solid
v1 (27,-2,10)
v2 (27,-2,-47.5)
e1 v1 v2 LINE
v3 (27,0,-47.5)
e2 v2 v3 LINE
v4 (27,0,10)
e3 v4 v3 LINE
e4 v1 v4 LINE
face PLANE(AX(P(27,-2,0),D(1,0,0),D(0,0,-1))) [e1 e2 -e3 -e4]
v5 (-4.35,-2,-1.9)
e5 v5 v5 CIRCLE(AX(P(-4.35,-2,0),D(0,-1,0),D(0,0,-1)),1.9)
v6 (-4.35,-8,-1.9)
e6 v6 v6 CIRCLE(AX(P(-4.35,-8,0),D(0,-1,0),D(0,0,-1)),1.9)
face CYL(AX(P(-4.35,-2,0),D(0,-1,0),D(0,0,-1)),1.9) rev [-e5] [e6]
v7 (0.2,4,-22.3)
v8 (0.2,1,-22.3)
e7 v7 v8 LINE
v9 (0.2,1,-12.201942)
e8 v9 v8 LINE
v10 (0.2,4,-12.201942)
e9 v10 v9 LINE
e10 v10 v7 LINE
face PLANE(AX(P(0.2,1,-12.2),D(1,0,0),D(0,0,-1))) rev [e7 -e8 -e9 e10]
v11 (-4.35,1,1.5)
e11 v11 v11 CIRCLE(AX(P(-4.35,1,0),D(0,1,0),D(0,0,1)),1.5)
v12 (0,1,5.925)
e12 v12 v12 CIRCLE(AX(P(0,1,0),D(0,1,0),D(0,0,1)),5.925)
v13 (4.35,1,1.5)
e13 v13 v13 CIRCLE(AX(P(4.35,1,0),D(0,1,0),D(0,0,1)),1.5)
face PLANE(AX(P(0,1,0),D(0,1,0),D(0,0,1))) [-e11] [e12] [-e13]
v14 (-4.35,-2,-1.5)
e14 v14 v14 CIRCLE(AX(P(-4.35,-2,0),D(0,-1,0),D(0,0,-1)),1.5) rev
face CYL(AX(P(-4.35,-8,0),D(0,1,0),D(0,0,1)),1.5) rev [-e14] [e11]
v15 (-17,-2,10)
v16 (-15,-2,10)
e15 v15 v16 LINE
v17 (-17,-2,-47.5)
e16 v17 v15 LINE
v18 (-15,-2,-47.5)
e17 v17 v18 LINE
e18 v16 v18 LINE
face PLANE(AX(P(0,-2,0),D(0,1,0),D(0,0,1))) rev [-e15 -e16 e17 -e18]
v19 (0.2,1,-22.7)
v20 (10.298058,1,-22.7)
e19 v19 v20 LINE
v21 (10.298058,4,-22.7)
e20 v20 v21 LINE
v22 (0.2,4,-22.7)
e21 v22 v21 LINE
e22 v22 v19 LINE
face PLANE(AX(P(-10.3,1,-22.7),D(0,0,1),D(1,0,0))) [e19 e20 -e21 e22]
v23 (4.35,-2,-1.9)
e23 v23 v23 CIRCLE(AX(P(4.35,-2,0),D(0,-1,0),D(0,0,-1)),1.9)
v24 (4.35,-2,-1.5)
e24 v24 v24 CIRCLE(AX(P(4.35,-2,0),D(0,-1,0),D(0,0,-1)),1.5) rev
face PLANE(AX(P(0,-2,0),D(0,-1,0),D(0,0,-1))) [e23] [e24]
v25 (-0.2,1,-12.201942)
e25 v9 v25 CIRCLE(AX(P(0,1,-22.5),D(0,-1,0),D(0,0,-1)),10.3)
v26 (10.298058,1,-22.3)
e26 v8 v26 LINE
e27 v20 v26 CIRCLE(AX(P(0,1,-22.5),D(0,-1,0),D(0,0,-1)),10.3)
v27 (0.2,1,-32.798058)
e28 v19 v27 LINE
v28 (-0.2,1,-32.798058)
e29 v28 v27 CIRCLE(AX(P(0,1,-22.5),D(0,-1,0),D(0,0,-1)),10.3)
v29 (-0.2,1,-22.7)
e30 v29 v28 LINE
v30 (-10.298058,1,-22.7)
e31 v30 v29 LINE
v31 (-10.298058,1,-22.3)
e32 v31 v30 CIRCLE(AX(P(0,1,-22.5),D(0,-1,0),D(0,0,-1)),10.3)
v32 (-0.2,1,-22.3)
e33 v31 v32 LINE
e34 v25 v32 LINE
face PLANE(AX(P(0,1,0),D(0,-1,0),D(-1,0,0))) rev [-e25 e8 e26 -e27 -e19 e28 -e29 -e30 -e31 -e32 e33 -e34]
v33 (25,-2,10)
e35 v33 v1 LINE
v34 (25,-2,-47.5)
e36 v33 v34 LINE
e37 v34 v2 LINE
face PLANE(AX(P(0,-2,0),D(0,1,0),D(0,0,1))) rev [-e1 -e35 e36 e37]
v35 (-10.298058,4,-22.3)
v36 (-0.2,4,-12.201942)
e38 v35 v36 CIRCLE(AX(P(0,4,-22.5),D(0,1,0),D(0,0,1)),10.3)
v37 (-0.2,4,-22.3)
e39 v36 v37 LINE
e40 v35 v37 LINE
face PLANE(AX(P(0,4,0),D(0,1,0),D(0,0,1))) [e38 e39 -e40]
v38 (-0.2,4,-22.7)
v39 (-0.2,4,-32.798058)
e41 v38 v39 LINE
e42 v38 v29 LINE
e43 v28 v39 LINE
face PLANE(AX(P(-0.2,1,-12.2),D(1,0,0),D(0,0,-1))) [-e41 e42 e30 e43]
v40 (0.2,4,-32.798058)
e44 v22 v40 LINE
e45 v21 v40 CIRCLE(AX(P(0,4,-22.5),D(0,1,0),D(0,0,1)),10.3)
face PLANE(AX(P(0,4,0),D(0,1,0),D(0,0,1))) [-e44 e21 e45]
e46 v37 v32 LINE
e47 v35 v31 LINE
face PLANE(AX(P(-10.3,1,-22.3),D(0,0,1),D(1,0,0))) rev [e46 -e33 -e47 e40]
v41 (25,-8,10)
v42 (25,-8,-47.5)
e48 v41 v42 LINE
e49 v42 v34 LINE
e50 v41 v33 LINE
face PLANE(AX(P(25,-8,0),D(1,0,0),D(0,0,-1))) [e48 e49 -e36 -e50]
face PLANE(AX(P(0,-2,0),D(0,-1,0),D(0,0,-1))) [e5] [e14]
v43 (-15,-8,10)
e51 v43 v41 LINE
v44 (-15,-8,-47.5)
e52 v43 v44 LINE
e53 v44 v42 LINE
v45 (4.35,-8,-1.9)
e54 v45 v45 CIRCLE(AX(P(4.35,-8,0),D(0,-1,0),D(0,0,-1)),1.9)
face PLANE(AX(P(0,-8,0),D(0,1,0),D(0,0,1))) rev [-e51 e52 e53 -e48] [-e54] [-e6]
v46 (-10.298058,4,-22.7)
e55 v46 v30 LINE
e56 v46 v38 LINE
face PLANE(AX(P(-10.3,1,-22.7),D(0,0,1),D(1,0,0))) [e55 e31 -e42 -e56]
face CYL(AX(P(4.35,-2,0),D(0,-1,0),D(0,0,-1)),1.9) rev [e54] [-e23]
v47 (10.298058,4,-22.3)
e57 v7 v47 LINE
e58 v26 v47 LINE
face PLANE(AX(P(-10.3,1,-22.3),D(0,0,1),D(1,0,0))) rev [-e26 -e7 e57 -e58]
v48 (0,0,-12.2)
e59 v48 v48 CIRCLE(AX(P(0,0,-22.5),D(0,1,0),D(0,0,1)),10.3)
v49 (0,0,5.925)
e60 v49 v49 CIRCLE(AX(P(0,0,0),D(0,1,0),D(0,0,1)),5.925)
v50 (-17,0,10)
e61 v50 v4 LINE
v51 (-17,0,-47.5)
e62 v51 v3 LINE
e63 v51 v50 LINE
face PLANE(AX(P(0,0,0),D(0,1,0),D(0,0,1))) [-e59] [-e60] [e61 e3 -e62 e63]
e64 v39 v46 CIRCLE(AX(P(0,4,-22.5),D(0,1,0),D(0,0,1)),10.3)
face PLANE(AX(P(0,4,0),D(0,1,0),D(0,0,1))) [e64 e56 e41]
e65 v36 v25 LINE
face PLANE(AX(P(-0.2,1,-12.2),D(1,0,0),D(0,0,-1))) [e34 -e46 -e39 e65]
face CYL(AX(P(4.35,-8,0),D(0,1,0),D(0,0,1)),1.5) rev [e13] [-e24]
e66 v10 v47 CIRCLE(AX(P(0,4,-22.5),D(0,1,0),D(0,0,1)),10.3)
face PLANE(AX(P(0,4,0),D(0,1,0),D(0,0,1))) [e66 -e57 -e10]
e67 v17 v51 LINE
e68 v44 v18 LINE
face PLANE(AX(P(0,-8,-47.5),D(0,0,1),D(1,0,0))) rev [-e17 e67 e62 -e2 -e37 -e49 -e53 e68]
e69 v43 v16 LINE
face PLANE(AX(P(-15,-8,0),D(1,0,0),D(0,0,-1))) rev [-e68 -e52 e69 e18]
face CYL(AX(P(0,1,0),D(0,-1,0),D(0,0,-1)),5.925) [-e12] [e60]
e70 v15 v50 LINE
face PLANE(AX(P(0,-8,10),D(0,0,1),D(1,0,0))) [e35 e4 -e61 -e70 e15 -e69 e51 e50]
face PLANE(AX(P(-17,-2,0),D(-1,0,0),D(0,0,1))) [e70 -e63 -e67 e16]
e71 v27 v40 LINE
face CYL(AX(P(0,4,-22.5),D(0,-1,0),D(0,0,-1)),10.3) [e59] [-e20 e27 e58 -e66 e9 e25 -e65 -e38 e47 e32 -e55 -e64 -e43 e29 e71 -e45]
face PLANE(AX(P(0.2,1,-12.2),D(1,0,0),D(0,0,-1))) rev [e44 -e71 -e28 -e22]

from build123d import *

# Parameters (mm, degrees)
SKETCH1_W               = 40
SKETCH1_H               = 57.5
SKETCH1_R               = 1.5
BOSS_EXTRUDE1_DEPTH     = 8
SKETCH1_3_W             = 2
SKETCH1_3_H             = 57.5
BOSS_EXTRUDE2_DEPTH     = 2
SKETCH1_4_R             = 10.3
BOSS_EXTRUDE3_DEPTH     = 4
BOSS_EXTRUDE4_START     = 1
SKETCH1_5_R             = 5.925
SKETCH1_5_R_2           = 1.5
BOSS_EXTRUDE4_DEPTH     = 1
CUT_EXTRUDE1_START      = -6
SKETCH2_R               = 1.9
SKETCH2_R_2             = 1.5
CUT_EXTRUDE1_DEPTH      = 6
SKETCH3_W               = 0.4
SKETCH3_H               = 20.6
SKETCH3_W_2             = 20.6
SKETCH3_H_2             = 0.4
CUT_EXTRUDE_THIN1_DEPTH = 3


with BuildPart() as part:
    # Sketch1 → Boss-Extrude1 (new body)
    with BuildSketch(Plane(origin=(0, 0, 0), x_dir=(1, 0, 0), z_dir=(0, 1, 0))):
        with Locations((5, 18.75)):
            Rectangle(SKETCH1_W, SKETCH1_H)
        with Locations((4.35, 0)):
            Circle(SKETCH1_R, mode=Mode.SUBTRACT)
        with Locations((-4.35, 0)):
            Circle(SKETCH1_R, mode=Mode.SUBTRACT)
    extrude(amount=-BOSS_EXTRUDE1_DEPTH)

    # Sketch1<3> → Boss-Extrude2 (add)
    with BuildSketch(Plane(origin=(0, 0, 0), x_dir=(1, 0, 0), z_dir=(0, 1, 0))):
        with Locations((-16, 18.75)):
            Rectangle(SKETCH1_3_W, SKETCH1_3_H)
        with Locations((26, 18.75)):
            Rectangle(SKETCH1_3_W, SKETCH1_3_H)
    extrude(amount=-BOSS_EXTRUDE2_DEPTH)

    # Sketch1<4> → Boss-Extrude3 (add)
    with BuildSketch(Plane(origin=(0, 0, 0), x_dir=(1, 0, 0), z_dir=(0, 1, 0))):
        with Locations((0, 22.5)):
            Circle(SKETCH1_4_R)
    extrude(amount=BOSS_EXTRUDE3_DEPTH)

    # Sketch1<5> → Boss-Extrude4 (add)
    with BuildSketch(Plane(origin=(0, 0, 0), x_dir=(1, 0, 0), z_dir=(0, 1, 0)).offset(BOSS_EXTRUDE4_START)):
        Circle(SKETCH1_5_R)
        with Locations((-4.35, 0)):
            Circle(SKETCH1_5_R_2, mode=Mode.SUBTRACT)
        with Locations((4.35, 0)):
            Circle(SKETCH1_5_R_2, mode=Mode.SUBTRACT)
    extrude(amount=-BOSS_EXTRUDE4_DEPTH)

    # Sketch2 → Cut-Extrude1 (cut)
    # profile 1 of 2: a face of its own
    with BuildSketch(Plane.XZ.offset(8).offset(CUT_EXTRUDE1_START)):
        with Locations((-4.35, 0)):
            Circle(SKETCH2_R)
        with Locations((-4.35, 0)):
            Circle(SKETCH2_R_2, mode=Mode.SUBTRACT)
    # profile 2 of 2: a face of its own
    with BuildSketch(Plane.XZ.offset(8).offset(CUT_EXTRUDE1_START)):
        with Locations((4.35, 0)):
            Circle(SKETCH2_R)
        with Locations((4.35, 0)):
            Circle(SKETCH2_R_2, mode=Mode.SUBTRACT)
    extrude(amount=CUT_EXTRUDE1_DEPTH, mode=Mode.SUBTRACT)

    # Sketch3 → Cut-Extrude-Thin1 (cut)
    with BuildSketch(Plane(origin=(0, 4, 0), x_dir=(1, 0, 0), z_dir=(0, 1, 0))):
        with Locations((0, 22.5)):
            Rectangle(SKETCH3_W, SKETCH3_H)
        with Locations((0, 22.5)):
            Rectangle(SKETCH3_W_2, SKETCH3_H_2)
    extrude(amount=-CUT_EXTRUDE_THIN1_DEPTH, mode=Mode.SUBTRACT)


solid = part.part
